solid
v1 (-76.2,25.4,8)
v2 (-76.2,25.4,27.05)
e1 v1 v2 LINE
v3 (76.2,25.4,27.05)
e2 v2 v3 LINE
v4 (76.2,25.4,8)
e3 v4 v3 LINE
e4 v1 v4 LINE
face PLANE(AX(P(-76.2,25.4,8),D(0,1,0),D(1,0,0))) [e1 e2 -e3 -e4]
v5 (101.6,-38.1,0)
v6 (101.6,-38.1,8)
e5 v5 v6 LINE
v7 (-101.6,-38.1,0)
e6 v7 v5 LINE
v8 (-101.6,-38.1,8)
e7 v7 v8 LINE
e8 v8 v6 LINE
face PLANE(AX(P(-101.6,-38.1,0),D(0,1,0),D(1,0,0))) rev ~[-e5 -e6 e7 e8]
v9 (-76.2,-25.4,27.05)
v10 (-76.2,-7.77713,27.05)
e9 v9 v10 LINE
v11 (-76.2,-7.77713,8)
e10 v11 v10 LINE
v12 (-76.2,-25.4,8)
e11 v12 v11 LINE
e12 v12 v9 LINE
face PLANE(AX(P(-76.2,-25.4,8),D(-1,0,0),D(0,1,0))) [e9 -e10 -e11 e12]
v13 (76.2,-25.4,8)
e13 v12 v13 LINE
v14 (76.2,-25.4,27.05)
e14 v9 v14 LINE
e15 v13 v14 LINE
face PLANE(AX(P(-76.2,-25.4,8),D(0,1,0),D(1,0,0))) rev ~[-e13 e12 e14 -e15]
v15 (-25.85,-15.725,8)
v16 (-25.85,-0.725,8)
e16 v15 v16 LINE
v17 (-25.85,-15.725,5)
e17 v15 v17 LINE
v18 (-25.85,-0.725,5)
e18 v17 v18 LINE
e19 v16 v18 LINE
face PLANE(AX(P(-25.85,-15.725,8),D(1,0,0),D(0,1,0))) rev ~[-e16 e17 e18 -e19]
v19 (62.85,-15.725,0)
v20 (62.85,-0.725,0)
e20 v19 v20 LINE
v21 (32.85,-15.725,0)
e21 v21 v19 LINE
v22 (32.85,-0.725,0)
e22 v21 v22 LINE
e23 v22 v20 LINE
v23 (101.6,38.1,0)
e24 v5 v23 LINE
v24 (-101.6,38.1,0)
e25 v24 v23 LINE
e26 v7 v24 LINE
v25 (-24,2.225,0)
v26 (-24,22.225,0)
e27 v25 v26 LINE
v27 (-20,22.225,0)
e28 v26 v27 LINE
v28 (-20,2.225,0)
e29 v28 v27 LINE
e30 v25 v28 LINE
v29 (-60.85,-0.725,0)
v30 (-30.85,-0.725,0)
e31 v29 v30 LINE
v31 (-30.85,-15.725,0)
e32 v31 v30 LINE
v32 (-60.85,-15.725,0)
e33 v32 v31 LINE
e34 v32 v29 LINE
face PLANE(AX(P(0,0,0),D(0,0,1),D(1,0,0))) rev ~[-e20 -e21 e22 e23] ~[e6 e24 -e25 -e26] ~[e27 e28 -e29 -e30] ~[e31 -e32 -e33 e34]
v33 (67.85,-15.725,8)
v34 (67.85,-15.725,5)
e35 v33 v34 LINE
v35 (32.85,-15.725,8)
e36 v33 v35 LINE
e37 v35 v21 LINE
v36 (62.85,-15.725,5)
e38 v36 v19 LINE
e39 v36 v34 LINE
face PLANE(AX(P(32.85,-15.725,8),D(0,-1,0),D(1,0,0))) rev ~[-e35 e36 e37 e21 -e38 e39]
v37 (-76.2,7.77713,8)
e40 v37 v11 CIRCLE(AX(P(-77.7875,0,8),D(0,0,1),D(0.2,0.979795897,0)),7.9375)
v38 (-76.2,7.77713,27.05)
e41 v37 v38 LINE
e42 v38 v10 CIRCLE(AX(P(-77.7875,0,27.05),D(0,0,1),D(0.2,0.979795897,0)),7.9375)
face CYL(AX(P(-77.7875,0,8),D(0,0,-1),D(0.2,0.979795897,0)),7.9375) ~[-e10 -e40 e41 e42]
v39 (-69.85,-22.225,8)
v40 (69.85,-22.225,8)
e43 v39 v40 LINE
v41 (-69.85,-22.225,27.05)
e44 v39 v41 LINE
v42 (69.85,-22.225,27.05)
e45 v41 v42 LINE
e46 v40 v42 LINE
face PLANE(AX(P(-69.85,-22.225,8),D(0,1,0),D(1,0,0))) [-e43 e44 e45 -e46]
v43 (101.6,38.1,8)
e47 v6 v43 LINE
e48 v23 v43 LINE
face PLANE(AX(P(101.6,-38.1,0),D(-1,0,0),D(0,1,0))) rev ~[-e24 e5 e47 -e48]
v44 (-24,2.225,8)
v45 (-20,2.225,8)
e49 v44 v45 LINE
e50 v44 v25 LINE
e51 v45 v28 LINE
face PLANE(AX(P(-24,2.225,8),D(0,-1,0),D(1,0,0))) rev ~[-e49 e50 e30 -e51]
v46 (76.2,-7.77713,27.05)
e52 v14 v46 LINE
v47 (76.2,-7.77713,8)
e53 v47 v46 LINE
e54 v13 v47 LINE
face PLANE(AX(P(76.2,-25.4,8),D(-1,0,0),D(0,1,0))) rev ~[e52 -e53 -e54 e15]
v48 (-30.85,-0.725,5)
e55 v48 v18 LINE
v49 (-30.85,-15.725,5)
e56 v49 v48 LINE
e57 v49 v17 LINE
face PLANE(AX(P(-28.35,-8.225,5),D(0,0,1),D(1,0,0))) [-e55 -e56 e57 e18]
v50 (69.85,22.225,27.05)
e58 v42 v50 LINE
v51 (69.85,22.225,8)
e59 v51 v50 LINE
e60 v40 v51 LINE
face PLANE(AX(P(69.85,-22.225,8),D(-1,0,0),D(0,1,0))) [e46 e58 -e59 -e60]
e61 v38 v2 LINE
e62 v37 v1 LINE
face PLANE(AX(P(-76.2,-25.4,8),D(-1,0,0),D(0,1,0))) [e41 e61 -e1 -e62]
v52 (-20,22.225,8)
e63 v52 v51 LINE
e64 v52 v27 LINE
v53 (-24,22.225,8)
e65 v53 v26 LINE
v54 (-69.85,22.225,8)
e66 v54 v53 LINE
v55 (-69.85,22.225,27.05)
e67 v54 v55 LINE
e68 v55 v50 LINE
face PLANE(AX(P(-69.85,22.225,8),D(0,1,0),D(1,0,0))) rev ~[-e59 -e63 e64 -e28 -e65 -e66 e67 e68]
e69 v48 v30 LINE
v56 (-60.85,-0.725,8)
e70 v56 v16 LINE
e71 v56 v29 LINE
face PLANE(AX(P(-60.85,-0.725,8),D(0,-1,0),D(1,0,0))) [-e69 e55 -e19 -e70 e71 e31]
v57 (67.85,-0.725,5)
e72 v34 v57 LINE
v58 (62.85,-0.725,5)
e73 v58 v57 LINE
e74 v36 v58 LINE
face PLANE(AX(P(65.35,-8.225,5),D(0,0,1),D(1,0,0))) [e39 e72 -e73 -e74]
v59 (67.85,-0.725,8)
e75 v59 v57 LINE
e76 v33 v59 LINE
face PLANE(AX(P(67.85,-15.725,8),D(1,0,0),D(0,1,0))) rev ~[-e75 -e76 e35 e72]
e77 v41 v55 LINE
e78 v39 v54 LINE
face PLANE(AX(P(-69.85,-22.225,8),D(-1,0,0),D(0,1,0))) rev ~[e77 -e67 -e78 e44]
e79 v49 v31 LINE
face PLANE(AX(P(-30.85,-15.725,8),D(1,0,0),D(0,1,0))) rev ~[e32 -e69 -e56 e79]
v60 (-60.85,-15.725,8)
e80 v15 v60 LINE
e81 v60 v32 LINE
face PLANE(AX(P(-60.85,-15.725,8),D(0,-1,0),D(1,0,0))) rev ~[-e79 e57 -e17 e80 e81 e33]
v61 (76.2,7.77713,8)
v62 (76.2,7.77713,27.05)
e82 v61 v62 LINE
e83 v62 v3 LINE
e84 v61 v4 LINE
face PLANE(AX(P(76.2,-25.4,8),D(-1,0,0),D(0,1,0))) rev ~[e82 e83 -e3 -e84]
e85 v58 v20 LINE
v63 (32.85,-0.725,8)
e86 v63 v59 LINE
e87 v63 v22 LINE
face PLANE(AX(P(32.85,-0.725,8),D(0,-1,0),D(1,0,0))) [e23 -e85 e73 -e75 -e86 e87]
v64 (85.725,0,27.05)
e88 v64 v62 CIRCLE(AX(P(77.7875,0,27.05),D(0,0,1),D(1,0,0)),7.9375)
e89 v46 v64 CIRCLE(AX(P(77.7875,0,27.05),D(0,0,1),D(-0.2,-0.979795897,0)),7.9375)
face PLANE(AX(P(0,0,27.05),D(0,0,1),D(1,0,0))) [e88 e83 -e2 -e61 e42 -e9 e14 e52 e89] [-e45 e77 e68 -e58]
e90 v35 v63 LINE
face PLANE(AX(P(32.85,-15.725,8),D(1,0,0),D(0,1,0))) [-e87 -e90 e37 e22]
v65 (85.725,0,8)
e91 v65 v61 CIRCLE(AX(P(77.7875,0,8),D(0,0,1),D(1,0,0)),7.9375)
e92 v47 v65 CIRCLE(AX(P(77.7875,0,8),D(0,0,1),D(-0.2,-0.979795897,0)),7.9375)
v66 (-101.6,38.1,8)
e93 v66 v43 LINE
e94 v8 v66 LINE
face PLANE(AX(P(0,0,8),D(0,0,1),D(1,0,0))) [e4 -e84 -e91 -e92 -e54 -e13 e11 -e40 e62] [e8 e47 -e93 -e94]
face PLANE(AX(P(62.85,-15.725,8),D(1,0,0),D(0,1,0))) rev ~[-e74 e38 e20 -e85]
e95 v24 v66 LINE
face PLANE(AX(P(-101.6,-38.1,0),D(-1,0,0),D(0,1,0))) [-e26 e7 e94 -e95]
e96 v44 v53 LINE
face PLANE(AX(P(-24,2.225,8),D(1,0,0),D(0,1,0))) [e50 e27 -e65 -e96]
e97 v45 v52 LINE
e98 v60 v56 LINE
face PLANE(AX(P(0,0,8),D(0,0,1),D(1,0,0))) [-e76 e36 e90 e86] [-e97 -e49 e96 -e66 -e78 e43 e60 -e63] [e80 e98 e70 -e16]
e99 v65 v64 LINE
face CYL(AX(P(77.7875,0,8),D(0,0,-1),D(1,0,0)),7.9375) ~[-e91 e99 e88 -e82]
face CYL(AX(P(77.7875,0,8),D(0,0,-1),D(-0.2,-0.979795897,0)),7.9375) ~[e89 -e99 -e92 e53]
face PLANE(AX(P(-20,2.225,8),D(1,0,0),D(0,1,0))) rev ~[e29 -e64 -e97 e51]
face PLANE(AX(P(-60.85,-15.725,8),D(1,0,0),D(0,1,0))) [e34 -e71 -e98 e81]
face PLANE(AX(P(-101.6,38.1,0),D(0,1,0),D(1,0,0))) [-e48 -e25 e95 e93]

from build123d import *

# Parameters (mm, degrees)
F0_W     = 203.2
F0_H     = 76.2
F1_DEPTH = 8
F2_W     = 152.4
F2_H     = 50.8
F2_W_2   = 139.7
F2_H_2   = 44.45
F4_DEPTH = 19.05
F5_W     = 30
F5_H     = 15
F6_DEPTH = 8
F5_W_2   = 4
F5_H_2   = 20
F7_DEPTH = 8
F8_W     = 5
F8_H     = 15
F9_DEPTH = 3


with BuildPart() as f1:
    # F0 (on Top) → F1 (new body)
    with BuildSketch(Plane.XY):
        Rectangle(F0_W, F0_H)
    extrude(amount=F1_DEPTH)

    # F2 (on face) + F3 (on face) → F4 (join)
    with BuildSketch(Plane.XY.offset(8)):
        Rectangle(F2_W, F2_H)
        Rectangle(F2_W_2, F2_H_2, mode=Mode.SUBTRACT)
    with BuildSketch(Plane.XY.offset(8)):
        with BuildLine():
            Line((-76.2, -7.7771299333), (-76.2, 7.7771299333))
            ThreePointArc((-76.2, 7.7771299333), (-85.725, 0), (-76.2, -7.7771299333))
        make_face()
        with BuildLine():
            ThreePointArc((85.725, 0), (82.8076157855, 6.1483610621), (76.2, 7.7771299333))
            Line((76.2, 7.7771299333), (76.2, -7.7771299333))
            ThreePointArc((76.2, -7.7771299333), (82.8076157855, -6.1483610621), (85.725, 0))
        make_face()
    extrude(amount=F4_DEPTH)

    # F5 (on face) → F6 (cut, through all)
    with BuildSketch(Plane.XY.offset(8)):
        with Locations((47.85, -8.225)):
            Rectangle(F5_W, F5_H)
        with Locations((-45.85, -8.225)):
            Rectangle(F5_W, F5_H)
    extrude(amount=-F6_DEPTH, mode=Mode.SUBTRACT)

    # F5 (on face) → F7 (cut, through all)
    with BuildSketch(Plane.XY.offset(8)):
        with Locations((-22, 12.225)):
            Rectangle(F5_W_2, F5_H_2)
    extrude(amount=-F7_DEPTH, mode=Mode.SUBTRACT)

    # F8 (on face) → F9 (cut)
    with BuildSketch(Plane.XY.offset(8)):
        with Locations((65.35, -8.225)):
            Rectangle(F8_W, F8_H)
        with Locations((-28.35, -8.225)):
            Rectangle(F8_W, F8_H)
    extrude(amount=-F9_DEPTH, mode=Mode.SUBTRACT)


solid = f1.part
